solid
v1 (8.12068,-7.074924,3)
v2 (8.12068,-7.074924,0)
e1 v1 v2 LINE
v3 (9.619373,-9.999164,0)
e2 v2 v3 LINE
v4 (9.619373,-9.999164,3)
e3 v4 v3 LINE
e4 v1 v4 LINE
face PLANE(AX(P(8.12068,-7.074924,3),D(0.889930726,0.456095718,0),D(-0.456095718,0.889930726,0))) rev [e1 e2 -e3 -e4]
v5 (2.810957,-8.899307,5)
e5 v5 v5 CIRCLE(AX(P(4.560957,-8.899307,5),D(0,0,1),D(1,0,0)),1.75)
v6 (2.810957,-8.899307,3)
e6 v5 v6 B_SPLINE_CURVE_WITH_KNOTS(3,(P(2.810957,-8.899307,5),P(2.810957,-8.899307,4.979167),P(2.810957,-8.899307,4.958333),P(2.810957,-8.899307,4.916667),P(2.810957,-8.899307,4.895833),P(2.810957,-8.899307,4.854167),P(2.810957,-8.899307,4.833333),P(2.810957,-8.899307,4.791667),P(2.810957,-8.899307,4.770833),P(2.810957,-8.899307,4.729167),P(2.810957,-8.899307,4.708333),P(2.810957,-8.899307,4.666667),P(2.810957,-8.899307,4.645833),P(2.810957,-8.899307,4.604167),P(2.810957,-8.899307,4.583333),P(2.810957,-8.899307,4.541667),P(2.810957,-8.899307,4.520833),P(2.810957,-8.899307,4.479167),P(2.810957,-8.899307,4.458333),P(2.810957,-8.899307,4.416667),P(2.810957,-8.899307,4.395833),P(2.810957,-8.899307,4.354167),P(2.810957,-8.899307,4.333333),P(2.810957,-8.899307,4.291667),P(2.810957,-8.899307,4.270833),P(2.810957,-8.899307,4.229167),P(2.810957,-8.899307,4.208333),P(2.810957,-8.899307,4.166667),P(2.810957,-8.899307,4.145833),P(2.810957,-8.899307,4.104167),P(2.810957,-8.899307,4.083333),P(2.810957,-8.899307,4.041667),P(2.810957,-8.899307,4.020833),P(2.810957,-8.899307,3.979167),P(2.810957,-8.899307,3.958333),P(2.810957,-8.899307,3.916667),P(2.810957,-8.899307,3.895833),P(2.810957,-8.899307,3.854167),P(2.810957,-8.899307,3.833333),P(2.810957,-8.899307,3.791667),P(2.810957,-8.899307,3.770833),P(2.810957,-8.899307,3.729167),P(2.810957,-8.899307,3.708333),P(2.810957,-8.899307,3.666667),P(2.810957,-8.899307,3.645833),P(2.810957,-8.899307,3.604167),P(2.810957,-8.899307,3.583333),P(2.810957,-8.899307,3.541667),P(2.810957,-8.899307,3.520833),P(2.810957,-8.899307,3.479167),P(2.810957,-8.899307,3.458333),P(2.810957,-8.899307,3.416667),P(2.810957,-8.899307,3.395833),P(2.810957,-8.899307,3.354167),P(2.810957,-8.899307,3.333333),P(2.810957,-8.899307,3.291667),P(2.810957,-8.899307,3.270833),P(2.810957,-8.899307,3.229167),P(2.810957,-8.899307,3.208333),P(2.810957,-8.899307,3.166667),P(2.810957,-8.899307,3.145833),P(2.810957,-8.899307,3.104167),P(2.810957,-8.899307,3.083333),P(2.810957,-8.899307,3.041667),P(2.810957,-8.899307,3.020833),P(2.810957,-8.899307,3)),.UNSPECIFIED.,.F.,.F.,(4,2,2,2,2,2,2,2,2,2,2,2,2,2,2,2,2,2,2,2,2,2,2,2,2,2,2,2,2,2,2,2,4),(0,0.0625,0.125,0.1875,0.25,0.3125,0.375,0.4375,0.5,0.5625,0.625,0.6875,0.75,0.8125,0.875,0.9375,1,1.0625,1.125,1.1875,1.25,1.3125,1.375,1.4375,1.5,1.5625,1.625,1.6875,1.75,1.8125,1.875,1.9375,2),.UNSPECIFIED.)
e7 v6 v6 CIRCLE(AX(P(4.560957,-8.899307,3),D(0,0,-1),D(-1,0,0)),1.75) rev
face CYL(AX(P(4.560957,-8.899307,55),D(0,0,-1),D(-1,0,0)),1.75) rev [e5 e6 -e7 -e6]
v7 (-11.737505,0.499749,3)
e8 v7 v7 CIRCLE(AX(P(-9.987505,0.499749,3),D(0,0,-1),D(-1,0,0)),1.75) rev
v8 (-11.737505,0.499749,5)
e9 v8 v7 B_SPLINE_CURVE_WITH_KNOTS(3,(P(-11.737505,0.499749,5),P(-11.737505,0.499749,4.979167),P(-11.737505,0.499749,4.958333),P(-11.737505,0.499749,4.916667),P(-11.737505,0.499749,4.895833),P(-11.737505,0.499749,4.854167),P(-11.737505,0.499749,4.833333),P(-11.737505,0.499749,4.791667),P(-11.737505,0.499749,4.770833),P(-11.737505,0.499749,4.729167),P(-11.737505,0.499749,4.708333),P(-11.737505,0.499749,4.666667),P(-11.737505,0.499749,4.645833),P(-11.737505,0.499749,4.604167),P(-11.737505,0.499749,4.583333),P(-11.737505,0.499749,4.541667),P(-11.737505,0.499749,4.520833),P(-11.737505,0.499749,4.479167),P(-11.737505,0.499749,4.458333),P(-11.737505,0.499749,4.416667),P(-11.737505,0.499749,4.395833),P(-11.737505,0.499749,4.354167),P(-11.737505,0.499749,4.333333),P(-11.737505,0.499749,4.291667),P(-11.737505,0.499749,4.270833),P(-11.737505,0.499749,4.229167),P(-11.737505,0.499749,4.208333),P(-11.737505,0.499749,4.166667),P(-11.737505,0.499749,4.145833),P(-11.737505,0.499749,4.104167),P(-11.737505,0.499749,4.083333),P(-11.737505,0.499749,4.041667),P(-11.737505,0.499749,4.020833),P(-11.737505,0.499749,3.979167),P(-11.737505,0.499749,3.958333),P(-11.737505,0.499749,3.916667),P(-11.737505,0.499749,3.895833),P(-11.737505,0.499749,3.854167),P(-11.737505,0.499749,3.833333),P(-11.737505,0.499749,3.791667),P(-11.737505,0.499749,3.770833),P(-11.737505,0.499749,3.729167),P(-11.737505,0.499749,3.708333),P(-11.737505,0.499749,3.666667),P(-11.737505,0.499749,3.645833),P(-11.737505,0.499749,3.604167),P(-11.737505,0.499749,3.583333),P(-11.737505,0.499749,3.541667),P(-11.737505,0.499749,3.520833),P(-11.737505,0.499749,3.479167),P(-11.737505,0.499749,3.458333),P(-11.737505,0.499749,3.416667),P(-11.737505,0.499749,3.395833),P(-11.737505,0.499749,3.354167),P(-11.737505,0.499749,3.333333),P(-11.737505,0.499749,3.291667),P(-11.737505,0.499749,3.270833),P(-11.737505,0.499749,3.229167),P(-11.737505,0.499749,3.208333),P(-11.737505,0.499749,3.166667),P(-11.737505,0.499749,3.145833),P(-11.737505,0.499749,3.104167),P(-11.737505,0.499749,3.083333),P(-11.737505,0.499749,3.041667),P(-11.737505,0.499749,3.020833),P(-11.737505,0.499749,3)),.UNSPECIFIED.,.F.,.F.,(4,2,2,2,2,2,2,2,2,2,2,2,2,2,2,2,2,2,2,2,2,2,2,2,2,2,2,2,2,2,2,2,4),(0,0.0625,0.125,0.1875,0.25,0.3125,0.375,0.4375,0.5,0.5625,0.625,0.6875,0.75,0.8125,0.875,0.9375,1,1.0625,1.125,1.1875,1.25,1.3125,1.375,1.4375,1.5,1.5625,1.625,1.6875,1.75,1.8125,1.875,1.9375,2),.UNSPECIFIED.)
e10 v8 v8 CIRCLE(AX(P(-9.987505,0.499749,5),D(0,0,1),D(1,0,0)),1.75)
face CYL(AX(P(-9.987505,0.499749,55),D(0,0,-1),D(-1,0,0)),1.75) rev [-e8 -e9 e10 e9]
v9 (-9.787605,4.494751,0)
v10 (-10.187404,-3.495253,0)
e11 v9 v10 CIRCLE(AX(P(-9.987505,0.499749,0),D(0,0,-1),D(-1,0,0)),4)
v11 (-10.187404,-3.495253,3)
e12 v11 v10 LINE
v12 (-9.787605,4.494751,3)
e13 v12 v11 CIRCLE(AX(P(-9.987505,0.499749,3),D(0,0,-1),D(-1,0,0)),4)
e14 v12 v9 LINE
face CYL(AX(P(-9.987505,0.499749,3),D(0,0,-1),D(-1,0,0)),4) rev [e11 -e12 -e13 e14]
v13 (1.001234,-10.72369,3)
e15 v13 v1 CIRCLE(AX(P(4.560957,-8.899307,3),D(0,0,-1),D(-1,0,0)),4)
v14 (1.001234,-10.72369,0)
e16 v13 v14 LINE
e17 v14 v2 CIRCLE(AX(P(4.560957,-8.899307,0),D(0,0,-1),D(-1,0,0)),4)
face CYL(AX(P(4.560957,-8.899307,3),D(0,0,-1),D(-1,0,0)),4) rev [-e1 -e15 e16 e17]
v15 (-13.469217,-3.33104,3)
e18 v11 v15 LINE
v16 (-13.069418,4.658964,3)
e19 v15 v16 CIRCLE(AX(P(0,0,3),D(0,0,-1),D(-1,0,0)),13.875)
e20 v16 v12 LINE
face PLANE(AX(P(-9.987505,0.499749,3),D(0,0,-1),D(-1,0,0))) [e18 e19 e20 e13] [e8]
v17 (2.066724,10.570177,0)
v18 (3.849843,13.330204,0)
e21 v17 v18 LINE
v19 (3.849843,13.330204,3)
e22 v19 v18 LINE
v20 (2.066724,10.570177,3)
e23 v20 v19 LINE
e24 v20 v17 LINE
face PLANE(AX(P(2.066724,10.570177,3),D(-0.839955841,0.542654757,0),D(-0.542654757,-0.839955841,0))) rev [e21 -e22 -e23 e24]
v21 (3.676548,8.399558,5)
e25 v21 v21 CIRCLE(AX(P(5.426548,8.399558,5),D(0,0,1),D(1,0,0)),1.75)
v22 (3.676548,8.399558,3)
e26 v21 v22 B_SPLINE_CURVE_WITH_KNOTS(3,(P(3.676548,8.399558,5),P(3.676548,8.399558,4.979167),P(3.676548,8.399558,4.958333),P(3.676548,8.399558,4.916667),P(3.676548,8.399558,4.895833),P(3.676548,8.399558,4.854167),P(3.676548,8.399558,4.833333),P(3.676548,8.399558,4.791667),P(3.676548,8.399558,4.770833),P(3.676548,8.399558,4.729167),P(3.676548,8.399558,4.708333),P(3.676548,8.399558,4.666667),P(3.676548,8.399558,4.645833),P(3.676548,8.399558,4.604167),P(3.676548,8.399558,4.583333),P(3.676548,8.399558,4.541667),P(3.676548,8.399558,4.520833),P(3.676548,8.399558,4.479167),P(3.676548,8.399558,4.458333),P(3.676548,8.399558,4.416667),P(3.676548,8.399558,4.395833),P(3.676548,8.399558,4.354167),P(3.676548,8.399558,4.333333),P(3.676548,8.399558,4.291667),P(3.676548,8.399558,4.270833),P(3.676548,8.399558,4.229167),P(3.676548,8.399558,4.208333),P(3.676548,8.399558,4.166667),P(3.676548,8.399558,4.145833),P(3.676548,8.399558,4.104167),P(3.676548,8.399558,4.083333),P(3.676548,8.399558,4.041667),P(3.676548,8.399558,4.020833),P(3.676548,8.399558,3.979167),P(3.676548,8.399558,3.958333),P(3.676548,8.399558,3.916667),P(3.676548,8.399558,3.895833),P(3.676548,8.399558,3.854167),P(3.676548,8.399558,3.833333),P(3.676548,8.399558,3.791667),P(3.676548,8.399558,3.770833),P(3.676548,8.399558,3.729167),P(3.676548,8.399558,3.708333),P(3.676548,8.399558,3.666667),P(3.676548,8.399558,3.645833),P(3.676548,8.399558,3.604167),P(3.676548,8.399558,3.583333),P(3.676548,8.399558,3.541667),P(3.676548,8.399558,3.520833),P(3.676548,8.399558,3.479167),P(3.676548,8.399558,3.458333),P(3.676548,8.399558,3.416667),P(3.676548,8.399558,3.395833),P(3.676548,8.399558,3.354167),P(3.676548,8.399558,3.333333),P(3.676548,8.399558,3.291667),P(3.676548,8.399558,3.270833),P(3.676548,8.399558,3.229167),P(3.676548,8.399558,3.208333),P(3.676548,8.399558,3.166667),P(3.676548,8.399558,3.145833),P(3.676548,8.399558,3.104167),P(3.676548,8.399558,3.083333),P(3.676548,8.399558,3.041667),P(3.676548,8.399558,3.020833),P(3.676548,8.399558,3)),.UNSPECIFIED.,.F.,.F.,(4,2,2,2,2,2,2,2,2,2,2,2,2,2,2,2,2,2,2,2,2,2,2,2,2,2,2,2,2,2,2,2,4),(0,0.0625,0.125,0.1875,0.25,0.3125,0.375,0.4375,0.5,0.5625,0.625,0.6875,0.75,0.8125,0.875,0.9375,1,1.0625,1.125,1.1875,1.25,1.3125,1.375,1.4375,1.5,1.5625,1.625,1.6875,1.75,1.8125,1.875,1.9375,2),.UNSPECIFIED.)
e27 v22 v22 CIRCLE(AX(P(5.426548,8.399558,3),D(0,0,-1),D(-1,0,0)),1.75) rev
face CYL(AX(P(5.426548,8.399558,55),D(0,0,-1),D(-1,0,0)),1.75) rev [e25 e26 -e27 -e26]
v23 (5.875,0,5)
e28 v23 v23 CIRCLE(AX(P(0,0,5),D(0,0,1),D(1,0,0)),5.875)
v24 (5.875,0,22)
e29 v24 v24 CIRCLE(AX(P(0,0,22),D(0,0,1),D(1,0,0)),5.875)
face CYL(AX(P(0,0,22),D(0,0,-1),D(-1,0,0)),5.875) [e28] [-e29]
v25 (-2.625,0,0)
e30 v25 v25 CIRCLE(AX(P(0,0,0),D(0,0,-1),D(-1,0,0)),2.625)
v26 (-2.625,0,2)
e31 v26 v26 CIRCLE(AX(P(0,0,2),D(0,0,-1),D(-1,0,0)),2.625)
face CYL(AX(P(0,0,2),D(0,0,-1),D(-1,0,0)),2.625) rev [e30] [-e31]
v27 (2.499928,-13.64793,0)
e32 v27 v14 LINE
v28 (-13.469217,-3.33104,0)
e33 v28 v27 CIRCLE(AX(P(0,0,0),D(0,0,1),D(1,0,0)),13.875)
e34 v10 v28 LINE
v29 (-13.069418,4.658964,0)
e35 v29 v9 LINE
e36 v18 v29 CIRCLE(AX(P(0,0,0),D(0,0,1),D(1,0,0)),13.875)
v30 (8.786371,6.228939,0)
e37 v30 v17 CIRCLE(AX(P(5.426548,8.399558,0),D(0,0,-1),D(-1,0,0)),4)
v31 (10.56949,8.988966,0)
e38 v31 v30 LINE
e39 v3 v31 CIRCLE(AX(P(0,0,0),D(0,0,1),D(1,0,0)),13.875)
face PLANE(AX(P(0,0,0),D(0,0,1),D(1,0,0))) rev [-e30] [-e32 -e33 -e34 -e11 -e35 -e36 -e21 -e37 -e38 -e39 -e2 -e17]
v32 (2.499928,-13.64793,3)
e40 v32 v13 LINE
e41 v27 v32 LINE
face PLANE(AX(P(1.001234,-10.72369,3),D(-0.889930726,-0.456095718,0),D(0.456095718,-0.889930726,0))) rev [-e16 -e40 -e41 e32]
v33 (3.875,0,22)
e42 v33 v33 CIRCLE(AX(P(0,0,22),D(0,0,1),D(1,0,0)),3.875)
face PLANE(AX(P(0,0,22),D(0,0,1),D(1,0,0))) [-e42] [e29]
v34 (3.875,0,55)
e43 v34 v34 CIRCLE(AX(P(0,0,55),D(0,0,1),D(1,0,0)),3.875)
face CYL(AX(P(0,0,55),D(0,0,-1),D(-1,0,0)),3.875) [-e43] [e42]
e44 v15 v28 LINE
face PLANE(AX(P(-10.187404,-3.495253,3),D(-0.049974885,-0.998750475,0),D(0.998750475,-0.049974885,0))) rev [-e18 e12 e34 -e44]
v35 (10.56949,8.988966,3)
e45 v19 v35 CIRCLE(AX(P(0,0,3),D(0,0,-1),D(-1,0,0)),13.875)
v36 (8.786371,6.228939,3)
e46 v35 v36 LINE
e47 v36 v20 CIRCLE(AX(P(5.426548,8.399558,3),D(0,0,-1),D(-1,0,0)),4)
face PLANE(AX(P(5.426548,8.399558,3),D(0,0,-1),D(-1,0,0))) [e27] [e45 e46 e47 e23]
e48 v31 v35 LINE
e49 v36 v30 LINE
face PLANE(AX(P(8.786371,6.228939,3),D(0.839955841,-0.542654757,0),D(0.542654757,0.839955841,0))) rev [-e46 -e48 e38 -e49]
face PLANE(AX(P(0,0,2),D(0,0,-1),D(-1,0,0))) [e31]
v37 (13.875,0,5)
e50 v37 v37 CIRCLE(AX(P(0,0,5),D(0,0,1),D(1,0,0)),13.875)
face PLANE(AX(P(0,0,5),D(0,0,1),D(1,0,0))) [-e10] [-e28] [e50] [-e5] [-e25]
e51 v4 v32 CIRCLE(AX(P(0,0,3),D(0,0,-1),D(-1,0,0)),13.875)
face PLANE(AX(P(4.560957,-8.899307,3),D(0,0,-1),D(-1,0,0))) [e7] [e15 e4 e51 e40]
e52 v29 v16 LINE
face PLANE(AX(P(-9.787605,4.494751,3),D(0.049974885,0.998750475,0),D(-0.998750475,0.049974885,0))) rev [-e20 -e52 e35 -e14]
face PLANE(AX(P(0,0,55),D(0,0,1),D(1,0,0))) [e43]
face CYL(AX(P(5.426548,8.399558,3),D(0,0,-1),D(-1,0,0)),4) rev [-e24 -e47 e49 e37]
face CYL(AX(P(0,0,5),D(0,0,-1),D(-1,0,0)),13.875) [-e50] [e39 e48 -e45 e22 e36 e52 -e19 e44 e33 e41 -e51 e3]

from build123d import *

# Parameters (mm, degrees)
ESQUISSE1_R                  = 13.875
BOSS_EXTRU_1_DEPTH           = 5
ESQUISSE2_R                  = 2.625
ENL_V_MAT_EXTRU_1_DEPTH      = 2
ESQUISSE3_R                  = 3.875
BOSS_EXTRU_2_DEPTH           = 50
ESQUISSE4_R                  = 5.875
BOSS_EXTRU_3_DEPTH           = 17
ENL_V_MAT_EXTRU_2_DEPTH      = 59.395472855
ENL_V_MAT_EXTRU_2_DEPTH_BACK = 59.395472855
ESQUISSE5_R                  = 1.75
ENL_V_MAT_EXTRU_3_DEPTH      = 3


with BuildPart() as part:
    # Esquisse1 → Boss.-Extru.1 (new body)
    with BuildSketch(Plane.XY):
        Circle(ESQUISSE1_R)
    extrude(amount=BOSS_EXTRU_1_DEPTH)

    # Esquisse2 → Enlèv. mat.-Extru.1 (cut)
    with BuildSketch(Plane(origin=(0, 0, 0), x_dir=(-1, 0, 0), z_dir=(0, 0, -1))):
        Circle(ESQUISSE2_R)
    extrude(amount=-ENL_V_MAT_EXTRU_1_DEPTH, mode=Mode.SUBTRACT)

    # Esquisse3 → Boss.-Extru.2 (add)
    with BuildSketch(Plane.XY.offset(5)):
        Circle(ESQUISSE3_R)
    extrude(amount=BOSS_EXTRU_2_DEPTH)

    # Esquisse4 → Boss.-Extru.3 (add)
    with BuildSketch(Plane.XY.offset(5)):
        Circle(ESQUISSE4_R)
    extrude(amount=BOSS_EXTRU_3_DEPTH)

    # Esquisse5 → Enlèv. mat.-Extru.2 (cut, two sides: drawn at the far end of the back side and taken through both)
    with BuildSketch(Plane(origin=(0, 0, 0), x_dir=(-1, 0, 0), z_dir=(0, 0, -1)).offset(-ENL_V_MAT_EXTRU_2_DEPTH_BACK)):
        with Locations((9.987504748, 0.499748848)):
            Circle(ESQUISSE5_R)
        with Locations((-4.560957176, -8.899307256)):
            Circle(ESQUISSE5_R)
        with Locations((-5.426547571, 8.399558408)):
            Circle(ESQUISSE5_R)
    extrude(amount=ENL_V_MAT_EXTRU_2_DEPTH + ENL_V_MAT_EXTRU_2_DEPTH_BACK, mode=Mode.SUBTRACT)

    # Esquisse6 → Enlèv. mat.-Extru.3 (cut)
    with BuildSketch(Plane(origin=(0, 0, 0), x_dir=(-1, 0, 0), z_dir=(0, 0, -1))):
        with BuildLine():
            Line((9.787605209, 4.494750747), (14.846993763, 4.747909435))
            ThreePointArc((14.846993763, 4.747909435), (19.041895201, 0.952807075), (15.246792841, -3.242094364))
            Line((15.246792841, -3.242094364), (10.187404287, -3.495253052))
            ThreePointArc((10.187404287, -3.495253052), (5.992502849, 0.299849309), (9.787605209, 4.494750747))
        make_face()
        with BuildLine():
            Line((-1.001234274, -10.723690126), (-4.262940688, -17.087908521))
            ThreePointArc((-4.262940688, -17.087908521), (-9.647046461, -18.823248552), (-11.382386493, -13.43914278))
            Line((-11.382386493, -13.43914278), (-8.120680079, -7.074924385))
            ThreePointArc((-8.120680079, -7.074924385), (-2.736574306, -5.339584354), (-1.001234274, -10.723690126))
        make_face()
        with BuildLine():
            Line((-8.786370935, 6.22893938), (-13.208101845, 13.073178107))
            ThreePointArc((-13.208101845, 13.073178107), (-12.01889751, 18.603620499), (-6.488455118, 17.414416164))
            Line((-6.488455118, 17.414416164), (-2.066724208, 10.570177437))
            ThreePointArc((-2.066724208, 10.570177437), (-3.255928543, 5.039735045), (-8.786370935, 6.22893938))
        make_face()
    extrude(amount=-ENL_V_MAT_EXTRU_3_DEPTH, mode=Mode.SUBTRACT)


solid = part.part
